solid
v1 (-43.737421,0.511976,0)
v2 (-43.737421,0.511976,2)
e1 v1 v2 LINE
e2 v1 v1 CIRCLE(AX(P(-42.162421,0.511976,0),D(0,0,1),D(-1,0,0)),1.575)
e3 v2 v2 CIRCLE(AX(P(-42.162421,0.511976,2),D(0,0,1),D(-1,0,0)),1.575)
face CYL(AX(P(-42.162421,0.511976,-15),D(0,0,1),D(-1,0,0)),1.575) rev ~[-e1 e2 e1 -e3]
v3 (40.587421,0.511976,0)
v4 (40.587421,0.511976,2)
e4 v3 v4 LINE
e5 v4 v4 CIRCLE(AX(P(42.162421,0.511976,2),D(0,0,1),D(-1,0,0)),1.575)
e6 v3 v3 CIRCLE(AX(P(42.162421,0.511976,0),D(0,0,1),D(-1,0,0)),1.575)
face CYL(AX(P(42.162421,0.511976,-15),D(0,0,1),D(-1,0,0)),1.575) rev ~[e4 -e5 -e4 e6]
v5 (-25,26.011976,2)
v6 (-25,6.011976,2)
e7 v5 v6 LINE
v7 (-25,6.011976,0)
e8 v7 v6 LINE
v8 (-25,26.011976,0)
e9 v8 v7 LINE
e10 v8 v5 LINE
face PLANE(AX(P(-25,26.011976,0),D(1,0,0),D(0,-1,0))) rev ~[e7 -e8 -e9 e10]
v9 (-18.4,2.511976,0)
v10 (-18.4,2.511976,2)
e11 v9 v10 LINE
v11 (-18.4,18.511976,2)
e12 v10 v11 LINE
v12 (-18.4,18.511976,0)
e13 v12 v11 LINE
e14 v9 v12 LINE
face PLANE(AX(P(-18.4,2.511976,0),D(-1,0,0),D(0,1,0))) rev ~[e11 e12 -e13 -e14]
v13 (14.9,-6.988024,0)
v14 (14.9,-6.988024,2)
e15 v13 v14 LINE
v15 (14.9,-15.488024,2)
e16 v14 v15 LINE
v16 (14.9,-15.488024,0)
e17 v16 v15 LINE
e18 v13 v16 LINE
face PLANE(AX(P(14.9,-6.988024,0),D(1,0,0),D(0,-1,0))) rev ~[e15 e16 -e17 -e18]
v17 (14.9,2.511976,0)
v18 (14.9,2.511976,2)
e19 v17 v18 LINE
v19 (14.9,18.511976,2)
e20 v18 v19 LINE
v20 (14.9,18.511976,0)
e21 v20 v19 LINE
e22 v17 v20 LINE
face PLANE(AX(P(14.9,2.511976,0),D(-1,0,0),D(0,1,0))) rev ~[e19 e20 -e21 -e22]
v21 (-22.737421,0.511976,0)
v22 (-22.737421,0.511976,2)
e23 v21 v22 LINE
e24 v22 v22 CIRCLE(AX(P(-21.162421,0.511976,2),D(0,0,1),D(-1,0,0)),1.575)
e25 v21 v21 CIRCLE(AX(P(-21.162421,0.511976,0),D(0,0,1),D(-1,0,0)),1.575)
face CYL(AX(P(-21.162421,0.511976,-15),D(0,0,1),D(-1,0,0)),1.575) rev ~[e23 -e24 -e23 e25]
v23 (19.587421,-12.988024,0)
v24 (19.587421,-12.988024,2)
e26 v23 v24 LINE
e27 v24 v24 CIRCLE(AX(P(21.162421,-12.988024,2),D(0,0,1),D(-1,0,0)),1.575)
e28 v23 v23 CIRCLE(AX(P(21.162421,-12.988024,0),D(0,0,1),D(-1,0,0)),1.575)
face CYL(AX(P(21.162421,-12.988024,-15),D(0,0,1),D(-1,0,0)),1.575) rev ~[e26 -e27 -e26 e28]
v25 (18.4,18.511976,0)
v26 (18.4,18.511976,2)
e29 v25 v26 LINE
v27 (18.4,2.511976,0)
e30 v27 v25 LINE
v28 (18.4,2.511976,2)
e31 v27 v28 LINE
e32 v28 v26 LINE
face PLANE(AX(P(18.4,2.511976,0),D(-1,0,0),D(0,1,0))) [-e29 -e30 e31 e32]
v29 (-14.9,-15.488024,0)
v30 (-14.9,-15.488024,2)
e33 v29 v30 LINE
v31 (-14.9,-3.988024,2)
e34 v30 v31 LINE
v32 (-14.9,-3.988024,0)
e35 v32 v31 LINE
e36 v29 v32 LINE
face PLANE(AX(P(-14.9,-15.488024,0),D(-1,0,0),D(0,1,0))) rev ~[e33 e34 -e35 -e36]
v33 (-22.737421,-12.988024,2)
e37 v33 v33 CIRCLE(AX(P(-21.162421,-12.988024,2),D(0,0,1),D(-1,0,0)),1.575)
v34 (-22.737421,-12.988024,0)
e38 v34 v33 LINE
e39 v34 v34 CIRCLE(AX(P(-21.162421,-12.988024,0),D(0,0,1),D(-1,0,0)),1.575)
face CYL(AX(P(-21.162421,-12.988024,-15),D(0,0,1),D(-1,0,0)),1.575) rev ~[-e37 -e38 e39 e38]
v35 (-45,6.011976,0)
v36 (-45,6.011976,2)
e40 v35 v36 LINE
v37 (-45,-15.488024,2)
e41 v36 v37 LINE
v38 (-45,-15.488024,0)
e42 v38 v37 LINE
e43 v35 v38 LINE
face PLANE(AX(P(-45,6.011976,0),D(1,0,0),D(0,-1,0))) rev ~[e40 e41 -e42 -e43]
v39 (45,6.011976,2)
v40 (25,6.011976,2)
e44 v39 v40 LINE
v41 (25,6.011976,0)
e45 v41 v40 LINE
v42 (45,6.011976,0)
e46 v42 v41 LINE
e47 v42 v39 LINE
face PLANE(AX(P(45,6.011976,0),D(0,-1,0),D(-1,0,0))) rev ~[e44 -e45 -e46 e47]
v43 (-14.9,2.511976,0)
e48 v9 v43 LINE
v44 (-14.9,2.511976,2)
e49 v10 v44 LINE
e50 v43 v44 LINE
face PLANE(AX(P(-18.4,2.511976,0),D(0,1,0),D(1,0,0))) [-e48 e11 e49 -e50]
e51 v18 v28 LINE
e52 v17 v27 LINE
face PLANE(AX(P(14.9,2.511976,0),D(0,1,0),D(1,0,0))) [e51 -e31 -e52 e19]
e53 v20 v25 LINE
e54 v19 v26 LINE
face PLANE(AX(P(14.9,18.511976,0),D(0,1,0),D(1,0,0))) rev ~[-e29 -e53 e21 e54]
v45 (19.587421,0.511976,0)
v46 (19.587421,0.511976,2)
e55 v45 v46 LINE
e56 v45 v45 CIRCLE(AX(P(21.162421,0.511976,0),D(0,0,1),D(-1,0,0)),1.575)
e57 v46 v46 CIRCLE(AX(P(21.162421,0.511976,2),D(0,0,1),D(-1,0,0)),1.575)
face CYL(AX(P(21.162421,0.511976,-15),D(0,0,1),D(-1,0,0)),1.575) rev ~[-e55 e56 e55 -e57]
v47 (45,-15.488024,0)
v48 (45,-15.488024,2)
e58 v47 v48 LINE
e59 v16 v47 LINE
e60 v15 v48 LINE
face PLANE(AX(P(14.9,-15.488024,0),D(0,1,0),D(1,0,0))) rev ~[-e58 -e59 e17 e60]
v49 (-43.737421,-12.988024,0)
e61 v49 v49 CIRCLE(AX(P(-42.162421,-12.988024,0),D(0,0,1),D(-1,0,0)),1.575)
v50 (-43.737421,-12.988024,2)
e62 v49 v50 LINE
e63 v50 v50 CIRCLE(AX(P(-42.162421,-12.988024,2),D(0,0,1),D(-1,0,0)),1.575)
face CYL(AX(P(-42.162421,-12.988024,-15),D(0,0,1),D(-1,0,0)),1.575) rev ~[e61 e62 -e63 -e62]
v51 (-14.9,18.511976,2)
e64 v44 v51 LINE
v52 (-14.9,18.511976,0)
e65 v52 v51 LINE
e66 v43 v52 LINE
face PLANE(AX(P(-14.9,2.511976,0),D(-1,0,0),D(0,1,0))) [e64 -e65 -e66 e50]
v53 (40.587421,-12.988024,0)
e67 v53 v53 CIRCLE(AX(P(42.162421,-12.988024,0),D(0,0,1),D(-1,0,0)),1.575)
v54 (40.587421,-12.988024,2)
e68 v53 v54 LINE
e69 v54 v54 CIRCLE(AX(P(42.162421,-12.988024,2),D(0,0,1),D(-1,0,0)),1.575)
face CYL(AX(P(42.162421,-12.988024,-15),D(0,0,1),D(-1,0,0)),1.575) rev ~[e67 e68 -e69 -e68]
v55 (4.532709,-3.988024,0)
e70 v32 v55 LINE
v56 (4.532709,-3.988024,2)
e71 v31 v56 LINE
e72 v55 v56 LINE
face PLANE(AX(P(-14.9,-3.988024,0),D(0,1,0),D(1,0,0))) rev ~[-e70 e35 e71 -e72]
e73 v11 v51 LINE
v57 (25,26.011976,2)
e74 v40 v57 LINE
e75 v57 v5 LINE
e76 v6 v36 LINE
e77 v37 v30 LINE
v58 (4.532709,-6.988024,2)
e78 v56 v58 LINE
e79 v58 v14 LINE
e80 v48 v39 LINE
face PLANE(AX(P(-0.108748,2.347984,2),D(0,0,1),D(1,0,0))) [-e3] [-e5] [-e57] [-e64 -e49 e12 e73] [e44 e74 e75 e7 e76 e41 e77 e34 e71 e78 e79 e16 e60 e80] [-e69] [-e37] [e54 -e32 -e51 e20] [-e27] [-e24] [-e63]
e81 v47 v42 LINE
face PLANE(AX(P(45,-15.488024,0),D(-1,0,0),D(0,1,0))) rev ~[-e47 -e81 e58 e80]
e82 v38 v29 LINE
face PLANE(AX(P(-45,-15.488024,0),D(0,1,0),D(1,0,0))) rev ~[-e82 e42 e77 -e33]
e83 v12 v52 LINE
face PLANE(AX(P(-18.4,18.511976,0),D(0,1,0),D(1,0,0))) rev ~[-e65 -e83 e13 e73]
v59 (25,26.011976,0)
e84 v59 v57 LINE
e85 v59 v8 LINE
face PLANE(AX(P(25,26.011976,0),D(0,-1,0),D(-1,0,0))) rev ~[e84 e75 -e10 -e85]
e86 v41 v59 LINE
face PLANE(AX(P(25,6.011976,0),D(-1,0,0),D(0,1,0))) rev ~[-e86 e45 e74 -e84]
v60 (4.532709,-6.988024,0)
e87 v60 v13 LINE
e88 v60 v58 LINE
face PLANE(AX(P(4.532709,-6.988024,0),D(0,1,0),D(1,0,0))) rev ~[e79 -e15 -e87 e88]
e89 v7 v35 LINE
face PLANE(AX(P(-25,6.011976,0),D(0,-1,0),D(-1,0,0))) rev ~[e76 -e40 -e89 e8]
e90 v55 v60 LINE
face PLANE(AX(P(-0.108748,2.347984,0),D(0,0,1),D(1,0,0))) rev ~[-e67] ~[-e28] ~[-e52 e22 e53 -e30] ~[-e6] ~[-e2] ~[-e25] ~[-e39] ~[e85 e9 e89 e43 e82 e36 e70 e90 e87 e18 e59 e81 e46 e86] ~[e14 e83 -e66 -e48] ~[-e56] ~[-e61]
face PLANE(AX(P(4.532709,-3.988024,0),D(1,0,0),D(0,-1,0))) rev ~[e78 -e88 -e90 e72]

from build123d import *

# Parameters (mm, degrees)
F0_W     = 3.5
F0_H     = 16
F1_DEPTH = 2
F2_D     = 3.15
F2_DEPTH = 15
F2_TIP   = 0.946355475


with BuildPart() as f1:
    # F0 (on Top) → F1 (new body)
    with BuildSketch(Plane.XY):
        Polygon((25, 26.0119763464), (-25, 26.0119763464), (-25, 6.0119763464), (-45, 6.0119763464), (-45, -15.4880236536), (-14.9, -15.4880236536), (-14.9, -6.9880236536), (-14.9, -3.9880236536), (4.5327088445, -3.9880236536), (4.5327088445, -6.9880236536), (14.9, -6.9880236536), (14.9, -15.4880236536), (45, -15.4880236536), (45, 6.0119763464), (25, 6.0119763464), align=None)
        with Locations((-16.65, 10.5119763464)):
            Rectangle(F0_W, F0_H, mode=Mode.SUBTRACT)
        with Locations((16.65, 10.5119763464)):
            Rectangle(F0_W, F0_H, mode=Mode.SUBTRACT)
    extrude(amount=F1_DEPTH)

    # F2
    with Locations(Plane(origin=(0, 0, 0), x_dir=(1, 0, 0), z_dir=(0, 0, -1))):
        with Locations((-42.1624206811, -0.5119763464), (-21.1624206811, -0.5119763464), (-21.1624206811, 12.9880236536), (-42.1624206811, 12.9880236536), (21.1624206811, 12.9880236536), (21.1624206811, -0.5119763464), (42.1624206811, -0.5119763464), (42.1624206811, 12.9880236536)):
            Hole(F2_D / 2, depth=F2_DEPTH)
            with Locations((0, 0, -(F2_DEPTH + F2_TIP / 2))):  # 118° drill point
                Cone(0, F2_D / 2, F2_TIP, mode=Mode.SUBTRACT)


solid = f1.part
